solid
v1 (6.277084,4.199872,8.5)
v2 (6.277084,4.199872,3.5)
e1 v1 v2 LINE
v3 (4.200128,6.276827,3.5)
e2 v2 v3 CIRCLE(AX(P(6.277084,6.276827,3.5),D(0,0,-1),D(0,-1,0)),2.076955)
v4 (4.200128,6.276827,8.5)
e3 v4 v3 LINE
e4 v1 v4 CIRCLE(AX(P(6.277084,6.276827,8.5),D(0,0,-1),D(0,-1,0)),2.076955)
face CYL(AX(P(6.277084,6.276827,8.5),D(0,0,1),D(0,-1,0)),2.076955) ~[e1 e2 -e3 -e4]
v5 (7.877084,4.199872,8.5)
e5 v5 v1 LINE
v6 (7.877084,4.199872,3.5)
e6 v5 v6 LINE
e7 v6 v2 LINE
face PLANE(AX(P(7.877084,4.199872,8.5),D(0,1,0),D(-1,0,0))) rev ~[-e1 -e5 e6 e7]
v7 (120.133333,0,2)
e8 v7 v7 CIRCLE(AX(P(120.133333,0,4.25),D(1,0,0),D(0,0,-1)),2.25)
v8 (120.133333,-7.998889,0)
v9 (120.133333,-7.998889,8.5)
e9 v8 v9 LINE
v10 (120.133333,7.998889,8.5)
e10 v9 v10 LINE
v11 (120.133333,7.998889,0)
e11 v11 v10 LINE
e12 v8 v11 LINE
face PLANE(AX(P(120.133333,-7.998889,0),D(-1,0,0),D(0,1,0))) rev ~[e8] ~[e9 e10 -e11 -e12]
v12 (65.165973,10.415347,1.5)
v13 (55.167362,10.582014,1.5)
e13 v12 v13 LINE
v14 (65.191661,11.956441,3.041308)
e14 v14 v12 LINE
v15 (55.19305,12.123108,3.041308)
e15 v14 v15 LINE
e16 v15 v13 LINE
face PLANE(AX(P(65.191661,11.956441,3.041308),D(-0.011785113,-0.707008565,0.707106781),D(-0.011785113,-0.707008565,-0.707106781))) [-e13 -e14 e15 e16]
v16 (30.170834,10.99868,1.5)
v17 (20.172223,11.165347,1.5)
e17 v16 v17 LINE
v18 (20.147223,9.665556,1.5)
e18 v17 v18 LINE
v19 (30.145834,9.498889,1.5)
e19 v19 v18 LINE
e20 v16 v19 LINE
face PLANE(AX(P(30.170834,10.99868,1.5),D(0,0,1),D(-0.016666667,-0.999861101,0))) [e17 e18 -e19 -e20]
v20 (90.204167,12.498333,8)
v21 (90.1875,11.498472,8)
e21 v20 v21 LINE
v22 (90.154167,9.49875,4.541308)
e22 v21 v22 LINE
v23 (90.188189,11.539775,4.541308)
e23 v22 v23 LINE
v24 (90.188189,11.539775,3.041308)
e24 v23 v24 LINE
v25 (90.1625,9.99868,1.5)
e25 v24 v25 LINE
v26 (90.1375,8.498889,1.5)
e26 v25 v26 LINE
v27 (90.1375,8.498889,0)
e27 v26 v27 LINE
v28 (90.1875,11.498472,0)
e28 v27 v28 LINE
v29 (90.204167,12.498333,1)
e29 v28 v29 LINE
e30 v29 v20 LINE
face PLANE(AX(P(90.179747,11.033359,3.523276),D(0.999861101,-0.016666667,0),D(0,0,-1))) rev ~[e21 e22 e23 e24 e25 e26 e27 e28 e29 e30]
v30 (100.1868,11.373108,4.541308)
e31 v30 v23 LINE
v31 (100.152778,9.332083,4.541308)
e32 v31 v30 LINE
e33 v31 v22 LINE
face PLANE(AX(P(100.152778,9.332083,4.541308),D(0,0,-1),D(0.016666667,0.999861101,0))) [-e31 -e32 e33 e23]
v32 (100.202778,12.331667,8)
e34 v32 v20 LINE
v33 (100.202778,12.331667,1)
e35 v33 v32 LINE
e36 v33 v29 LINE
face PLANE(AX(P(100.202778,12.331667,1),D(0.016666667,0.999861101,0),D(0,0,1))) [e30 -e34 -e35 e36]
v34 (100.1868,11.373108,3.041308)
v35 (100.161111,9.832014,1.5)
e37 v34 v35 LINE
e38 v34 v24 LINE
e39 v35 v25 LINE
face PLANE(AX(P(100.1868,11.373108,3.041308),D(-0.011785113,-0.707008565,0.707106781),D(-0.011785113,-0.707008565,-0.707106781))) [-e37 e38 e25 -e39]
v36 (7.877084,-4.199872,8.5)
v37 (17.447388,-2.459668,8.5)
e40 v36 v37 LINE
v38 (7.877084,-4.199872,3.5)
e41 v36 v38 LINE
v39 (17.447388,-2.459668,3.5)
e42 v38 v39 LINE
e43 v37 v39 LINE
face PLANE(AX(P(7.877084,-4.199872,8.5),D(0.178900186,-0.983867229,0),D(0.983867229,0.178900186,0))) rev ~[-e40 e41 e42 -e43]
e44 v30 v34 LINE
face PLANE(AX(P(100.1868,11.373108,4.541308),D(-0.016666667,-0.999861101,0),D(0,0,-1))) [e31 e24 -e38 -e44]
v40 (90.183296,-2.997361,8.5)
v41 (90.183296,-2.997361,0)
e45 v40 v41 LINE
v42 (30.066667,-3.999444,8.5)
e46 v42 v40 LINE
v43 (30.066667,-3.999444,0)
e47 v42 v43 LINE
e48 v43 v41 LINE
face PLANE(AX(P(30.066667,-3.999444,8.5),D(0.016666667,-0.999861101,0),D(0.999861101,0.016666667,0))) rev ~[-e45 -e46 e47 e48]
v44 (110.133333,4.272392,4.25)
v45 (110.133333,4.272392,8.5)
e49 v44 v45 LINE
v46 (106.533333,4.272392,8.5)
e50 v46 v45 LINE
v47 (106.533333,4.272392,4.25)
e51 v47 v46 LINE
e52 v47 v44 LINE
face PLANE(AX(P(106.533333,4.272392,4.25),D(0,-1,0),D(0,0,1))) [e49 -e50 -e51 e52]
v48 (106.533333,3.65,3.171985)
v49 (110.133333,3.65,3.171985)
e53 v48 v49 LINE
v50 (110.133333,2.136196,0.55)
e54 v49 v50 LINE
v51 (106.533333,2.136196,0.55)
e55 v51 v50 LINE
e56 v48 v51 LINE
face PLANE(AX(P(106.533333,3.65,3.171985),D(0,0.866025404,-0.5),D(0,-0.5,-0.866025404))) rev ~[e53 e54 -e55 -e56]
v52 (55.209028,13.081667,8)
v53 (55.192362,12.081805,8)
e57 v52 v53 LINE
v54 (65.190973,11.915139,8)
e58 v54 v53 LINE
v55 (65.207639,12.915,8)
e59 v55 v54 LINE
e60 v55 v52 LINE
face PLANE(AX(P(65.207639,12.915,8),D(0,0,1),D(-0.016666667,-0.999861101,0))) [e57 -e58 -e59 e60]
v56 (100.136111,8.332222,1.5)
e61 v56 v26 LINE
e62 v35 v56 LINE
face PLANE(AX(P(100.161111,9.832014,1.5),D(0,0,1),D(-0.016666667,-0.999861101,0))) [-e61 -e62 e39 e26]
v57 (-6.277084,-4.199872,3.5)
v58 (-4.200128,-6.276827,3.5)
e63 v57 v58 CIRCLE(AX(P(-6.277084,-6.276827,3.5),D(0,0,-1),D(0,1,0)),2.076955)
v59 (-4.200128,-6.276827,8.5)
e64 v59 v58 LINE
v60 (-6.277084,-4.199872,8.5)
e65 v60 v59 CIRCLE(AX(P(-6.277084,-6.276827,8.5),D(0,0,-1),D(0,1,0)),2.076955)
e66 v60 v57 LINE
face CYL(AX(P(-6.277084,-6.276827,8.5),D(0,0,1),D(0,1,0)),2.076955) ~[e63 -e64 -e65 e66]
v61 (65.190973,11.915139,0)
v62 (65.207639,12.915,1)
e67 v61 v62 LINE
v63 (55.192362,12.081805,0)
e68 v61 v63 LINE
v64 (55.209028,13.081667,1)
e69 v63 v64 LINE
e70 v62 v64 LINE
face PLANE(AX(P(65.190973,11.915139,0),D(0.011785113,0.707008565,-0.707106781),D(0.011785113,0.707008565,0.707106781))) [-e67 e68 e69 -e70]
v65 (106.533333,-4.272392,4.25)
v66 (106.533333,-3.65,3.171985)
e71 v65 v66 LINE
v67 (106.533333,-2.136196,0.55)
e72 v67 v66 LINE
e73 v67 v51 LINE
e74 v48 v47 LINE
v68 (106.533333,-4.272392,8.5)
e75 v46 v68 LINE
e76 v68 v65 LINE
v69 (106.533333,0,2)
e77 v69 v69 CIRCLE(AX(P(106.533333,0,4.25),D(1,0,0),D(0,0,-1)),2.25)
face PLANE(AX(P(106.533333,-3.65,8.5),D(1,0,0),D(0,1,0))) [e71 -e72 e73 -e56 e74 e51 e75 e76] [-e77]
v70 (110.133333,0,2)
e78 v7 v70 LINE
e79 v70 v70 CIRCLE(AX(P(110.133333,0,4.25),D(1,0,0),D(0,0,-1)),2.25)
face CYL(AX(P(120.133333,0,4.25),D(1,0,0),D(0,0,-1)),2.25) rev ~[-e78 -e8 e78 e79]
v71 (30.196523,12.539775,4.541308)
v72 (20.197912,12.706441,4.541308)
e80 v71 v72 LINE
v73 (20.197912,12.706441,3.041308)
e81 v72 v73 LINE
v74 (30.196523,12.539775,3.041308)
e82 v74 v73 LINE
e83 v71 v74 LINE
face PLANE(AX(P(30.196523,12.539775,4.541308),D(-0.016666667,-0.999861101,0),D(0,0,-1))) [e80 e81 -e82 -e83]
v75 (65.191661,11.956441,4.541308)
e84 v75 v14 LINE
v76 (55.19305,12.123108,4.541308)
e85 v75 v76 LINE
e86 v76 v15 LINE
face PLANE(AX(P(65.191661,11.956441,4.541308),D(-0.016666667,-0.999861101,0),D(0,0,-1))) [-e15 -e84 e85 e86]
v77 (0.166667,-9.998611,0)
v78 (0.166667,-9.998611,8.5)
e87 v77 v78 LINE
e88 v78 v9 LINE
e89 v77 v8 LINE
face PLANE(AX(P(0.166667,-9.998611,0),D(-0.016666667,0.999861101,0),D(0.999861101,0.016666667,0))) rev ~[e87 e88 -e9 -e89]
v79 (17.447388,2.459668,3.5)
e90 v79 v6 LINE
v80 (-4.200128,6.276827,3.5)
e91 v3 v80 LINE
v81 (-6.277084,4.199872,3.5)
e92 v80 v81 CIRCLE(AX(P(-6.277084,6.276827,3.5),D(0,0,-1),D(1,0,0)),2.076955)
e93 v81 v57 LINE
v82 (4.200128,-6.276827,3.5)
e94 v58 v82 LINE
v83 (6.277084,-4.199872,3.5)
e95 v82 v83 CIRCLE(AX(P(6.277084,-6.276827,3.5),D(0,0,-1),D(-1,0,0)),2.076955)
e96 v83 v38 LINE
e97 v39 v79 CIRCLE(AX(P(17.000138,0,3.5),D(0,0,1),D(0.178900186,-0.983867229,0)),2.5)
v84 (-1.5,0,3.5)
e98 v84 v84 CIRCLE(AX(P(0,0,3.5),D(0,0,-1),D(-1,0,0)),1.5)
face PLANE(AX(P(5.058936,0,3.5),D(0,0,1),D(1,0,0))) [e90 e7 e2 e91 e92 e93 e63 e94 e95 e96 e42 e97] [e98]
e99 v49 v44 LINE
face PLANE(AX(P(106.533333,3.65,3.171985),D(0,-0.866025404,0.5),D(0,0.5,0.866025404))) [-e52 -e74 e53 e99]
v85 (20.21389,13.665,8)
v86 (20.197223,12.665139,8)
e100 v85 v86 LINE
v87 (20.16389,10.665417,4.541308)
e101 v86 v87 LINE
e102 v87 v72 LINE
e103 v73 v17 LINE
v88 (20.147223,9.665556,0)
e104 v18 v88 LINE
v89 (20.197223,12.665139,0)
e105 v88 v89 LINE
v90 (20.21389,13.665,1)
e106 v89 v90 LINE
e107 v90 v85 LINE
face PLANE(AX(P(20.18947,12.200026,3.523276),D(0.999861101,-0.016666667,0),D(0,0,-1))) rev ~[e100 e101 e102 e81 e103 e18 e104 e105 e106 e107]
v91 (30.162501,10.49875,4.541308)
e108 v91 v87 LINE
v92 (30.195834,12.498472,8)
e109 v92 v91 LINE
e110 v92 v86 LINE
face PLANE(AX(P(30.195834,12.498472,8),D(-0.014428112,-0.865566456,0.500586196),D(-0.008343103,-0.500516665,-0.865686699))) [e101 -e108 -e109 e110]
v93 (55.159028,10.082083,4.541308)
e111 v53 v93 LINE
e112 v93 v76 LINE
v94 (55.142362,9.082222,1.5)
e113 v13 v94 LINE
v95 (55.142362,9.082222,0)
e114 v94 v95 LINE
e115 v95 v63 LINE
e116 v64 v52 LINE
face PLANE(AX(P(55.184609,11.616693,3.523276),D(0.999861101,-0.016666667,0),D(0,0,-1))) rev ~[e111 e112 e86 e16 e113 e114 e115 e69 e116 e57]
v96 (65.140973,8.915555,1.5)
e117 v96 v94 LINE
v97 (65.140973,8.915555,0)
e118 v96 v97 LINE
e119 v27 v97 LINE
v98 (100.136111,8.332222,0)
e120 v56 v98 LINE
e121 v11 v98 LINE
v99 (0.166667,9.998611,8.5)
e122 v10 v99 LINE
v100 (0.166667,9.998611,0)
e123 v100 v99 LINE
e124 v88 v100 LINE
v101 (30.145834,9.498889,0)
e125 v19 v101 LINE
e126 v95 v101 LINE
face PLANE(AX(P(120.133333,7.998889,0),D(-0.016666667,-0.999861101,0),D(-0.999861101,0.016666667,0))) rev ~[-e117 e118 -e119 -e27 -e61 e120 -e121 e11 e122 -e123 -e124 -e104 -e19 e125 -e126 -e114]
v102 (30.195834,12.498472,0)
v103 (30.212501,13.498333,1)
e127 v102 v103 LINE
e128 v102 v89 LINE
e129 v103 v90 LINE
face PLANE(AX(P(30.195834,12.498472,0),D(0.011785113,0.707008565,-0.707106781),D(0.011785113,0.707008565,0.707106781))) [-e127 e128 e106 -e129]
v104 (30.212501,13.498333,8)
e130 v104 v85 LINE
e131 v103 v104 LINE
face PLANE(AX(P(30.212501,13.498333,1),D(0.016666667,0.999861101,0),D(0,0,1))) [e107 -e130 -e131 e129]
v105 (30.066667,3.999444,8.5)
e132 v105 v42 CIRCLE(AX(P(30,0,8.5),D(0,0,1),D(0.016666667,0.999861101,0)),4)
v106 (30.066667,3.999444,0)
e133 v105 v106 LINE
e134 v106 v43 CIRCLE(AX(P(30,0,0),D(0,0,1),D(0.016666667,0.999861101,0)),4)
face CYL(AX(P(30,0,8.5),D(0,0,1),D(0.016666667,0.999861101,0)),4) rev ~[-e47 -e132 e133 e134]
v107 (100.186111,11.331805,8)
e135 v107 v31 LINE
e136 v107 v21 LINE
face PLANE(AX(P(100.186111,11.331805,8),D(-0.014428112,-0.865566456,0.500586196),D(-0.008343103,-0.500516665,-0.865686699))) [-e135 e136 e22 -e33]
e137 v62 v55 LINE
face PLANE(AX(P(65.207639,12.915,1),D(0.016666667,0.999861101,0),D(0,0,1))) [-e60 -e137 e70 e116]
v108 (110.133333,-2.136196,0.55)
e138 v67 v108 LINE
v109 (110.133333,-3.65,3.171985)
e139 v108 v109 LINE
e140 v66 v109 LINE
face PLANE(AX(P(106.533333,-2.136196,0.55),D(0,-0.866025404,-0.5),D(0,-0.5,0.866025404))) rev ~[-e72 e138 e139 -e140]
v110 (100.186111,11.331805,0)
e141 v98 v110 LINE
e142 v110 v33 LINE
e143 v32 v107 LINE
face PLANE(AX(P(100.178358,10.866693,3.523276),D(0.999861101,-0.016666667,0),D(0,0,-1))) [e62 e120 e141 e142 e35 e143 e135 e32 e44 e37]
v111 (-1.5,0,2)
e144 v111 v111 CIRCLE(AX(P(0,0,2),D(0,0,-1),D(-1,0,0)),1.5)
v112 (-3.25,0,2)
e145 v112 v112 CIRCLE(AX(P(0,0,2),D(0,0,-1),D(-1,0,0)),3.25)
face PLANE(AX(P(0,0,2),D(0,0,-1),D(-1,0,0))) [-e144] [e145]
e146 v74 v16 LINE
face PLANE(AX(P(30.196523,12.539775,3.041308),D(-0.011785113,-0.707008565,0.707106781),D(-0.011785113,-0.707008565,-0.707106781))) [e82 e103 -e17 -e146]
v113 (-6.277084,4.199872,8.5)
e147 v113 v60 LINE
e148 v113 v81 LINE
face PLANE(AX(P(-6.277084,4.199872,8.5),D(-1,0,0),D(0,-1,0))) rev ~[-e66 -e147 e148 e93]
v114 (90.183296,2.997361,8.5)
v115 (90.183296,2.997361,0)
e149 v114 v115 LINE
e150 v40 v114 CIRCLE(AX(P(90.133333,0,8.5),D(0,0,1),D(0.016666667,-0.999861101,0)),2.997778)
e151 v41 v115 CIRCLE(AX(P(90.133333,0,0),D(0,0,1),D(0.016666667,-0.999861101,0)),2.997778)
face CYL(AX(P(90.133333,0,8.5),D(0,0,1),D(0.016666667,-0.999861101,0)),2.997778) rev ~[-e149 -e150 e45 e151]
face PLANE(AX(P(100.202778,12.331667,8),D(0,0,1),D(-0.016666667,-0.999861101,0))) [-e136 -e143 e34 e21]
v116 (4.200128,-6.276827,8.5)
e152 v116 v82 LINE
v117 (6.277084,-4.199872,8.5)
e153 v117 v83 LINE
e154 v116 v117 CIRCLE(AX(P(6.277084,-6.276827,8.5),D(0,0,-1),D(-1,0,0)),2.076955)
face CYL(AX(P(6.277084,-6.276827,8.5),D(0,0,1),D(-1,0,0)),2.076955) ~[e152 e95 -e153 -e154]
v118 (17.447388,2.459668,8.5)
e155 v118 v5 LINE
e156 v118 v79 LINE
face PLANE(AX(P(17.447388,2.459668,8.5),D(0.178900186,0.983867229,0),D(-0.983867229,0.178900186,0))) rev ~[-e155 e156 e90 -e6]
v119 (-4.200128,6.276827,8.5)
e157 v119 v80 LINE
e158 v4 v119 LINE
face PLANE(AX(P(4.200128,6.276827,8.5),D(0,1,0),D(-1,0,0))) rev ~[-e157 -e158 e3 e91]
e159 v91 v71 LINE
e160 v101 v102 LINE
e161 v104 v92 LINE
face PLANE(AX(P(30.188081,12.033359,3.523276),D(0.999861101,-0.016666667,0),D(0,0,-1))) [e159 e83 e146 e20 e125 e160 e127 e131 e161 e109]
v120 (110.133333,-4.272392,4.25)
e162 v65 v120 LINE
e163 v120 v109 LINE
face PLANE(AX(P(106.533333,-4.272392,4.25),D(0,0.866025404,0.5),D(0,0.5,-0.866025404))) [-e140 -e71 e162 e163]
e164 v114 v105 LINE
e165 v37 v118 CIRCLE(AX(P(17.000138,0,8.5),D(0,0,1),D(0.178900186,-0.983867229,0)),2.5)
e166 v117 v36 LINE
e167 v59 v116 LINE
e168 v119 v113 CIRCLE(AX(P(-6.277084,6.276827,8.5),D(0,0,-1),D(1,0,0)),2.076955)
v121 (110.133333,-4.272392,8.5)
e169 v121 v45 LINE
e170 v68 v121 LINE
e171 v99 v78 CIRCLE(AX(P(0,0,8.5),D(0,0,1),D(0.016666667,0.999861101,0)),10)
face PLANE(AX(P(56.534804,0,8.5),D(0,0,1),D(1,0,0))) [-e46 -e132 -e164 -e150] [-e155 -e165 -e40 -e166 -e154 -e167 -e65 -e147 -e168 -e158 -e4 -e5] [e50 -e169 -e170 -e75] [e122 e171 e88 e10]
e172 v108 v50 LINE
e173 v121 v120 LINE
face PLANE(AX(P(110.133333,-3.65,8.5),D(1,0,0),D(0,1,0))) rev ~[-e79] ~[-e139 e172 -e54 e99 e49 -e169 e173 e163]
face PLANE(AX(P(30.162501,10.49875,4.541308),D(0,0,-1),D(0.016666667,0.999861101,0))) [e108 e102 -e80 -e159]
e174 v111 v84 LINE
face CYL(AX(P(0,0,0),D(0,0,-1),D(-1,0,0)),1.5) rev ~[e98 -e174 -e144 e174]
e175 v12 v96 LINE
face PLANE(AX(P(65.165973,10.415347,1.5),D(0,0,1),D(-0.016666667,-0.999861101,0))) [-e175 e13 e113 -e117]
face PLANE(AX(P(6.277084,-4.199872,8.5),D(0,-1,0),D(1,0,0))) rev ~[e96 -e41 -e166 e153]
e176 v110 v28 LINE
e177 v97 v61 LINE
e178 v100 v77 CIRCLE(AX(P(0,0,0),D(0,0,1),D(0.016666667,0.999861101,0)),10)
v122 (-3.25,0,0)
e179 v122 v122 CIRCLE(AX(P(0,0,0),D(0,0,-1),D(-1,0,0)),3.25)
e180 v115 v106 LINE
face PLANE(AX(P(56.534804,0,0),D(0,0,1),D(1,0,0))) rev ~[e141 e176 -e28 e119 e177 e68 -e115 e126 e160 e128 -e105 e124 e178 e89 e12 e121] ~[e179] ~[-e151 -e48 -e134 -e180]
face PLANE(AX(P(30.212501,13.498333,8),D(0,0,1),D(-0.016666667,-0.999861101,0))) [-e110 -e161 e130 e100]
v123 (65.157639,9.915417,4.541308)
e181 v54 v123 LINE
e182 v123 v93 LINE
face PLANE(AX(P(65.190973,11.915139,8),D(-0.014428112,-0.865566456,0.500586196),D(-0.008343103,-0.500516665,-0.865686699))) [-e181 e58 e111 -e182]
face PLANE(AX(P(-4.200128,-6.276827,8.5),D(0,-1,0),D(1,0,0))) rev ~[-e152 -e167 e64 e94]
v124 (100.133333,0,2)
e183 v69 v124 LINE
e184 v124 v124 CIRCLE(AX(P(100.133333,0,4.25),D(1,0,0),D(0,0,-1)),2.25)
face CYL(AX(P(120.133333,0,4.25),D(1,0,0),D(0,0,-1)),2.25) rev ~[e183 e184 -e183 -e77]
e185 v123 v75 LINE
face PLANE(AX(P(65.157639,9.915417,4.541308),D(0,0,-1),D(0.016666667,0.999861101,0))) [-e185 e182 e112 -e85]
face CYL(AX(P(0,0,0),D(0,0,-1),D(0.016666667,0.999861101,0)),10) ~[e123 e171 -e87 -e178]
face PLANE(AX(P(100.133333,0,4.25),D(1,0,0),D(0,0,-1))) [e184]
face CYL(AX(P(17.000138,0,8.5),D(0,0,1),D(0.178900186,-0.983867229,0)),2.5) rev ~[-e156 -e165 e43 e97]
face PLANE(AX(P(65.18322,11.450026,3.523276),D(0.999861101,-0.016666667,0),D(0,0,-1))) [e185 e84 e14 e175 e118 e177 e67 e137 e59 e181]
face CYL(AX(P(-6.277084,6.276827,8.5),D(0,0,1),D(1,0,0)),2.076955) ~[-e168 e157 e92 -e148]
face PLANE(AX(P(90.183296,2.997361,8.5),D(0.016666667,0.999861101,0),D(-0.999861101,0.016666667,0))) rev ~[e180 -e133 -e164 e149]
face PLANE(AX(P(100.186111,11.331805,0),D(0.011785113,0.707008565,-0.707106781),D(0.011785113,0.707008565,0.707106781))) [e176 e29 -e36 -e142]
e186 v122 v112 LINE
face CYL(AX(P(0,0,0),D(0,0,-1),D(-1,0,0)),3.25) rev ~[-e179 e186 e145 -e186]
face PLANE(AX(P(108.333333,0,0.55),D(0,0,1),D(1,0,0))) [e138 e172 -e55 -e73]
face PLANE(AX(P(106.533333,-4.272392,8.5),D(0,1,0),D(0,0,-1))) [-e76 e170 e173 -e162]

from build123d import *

# Parameters (mm, degrees)
AUFSATZ_LINEAR_AUSTRAGEN1_DEPTH = 8.5
CUT_EXTRUDE4_DEPTH              = 5
SKETCH2_R                       = 1.5
CUT_EXTRUDE5_DEPTH              = 9.5
CUT_EXTRUDE6_DEPTH              = 9.5
SKETCH3_W                       = 3.6
SKETCH3_H                       = 7.3
CUT_EXTRUDE9_DEPTH              = 7.95
SKETCH4_R                       = 2.25
CUT_EXTRUDE10_DEPTH             = 20
BOSS_EXTRUDE1_START             = -20
BOSS_EXTRUDE1_DEPTH             = 10
AUFSATZ_LINEAR_AUSTRAGEN2_DEPTH = 3.6
SCHNITT_LINEAR_AUSTRAGEN1_DEPTH = 3.6
LPATTERN1_COUNT                 = 3
LPATTERN1_PITCH                 = 35
SKIZZE4_R                       = 3.25
SCHNITT_LINEAR_AUSTRAGEN2_DEPTH = 2


with BuildPart() as part:
    # Skizze1 → Aufsatz-Linear austragen1 (new body)
    with BuildSketch(Plane.XY):
        with BuildLine():
            Line((120.133333333, 7.998888812), (0.166666667, 9.998611015))
            ThreePointArc((0.166666667, 9.998611015), (-10, 0), (0.166666667, -9.998611015))
            Line((0.166666667, -9.998611015), (120.133333333, -7.998888812))
            Line((120.133333333, -7.998888812), (120.133333333, 7.998888812))
        make_face()
    extrude(amount=AUFSATZ_LINEAR_AUSTRAGEN1_DEPTH)

    # Sketch1 → Cut-Extrude4 (cut)
    with BuildSketch(Plane.XY.offset(8.5)):
        with BuildLine():
            Line((-4.200128323, -6.276826928), (4.200128323, -6.276826928))
            ThreePointArc((4.200128323, -6.276826928), (4.808454435, -4.808197778), (6.277083585, -4.199871666))
            Line((6.277083585, -4.199871666), (7.877083585, -4.199871666))
            Line((7.877083585, -4.199871666), (17.44738825, -2.459668071))
            ThreePointArc((17.44738825, -2.459668071), (19.500137785, 0), (17.44738825, 2.459668071))
            Line((17.44738825, 2.459668071), (7.877083585, 4.199871666))
            Line((7.877083585, 4.199871666), (6.277083585, 4.199871666))
            ThreePointArc((6.277083585, 4.199871666), (4.808454435, 4.808197778), (4.200128323, 6.276826928))
            Line((4.200128323, 6.276826928), (-4.200128323, 6.276826928))
            ThreePointArc((-4.200128323, 6.276826928), (-4.808454435, 4.808197778), (-6.277083585, 4.199871666))
            Line((-6.277083585, 4.199871666), (-6.277083585, -4.199871666))
            ThreePointArc((-6.277083585, -4.199871666), (-4.808454435, -4.808197778), (-4.200128323, -6.276826928))
        make_face()
    extrude(amount=-CUT_EXTRUDE4_DEPTH, mode=Mode.SUBTRACT)

    # Sketch2 → Cut-Extrude5 (cut, through all)
    with BuildSketch(Plane(origin=(0, 0, 0), x_dir=(-1, 0, 0), z_dir=(0, 0, -1))):
        Circle(SKETCH2_R)
    extrude(amount=-CUT_EXTRUDE5_DEPTH, mode=Mode.SUBTRACT)

    # Skizze2 → Cut-Extrude6 (cut, through all)
    with BuildSketch(Plane.XY.offset(8.5)):
        with BuildLine():
            Line((90.183296296, 2.997361391), (30.066666667, 3.999444406))
            ThreePointArc((30.066666667, 3.999444406), (26, 0), (30.066666667, -3.999444406))
            Line((30.066666667, -3.999444406), (90.183296296, -2.997361391))
            ThreePointArc((90.183296296, -2.997361391), (93.131111111, 0), (90.183296296, 2.997361391))
        make_face()
    extrude(amount=-CUT_EXTRUDE6_DEPTH, mode=Mode.SUBTRACT)

    # Sketch3 → Cut-Extrude9 (cut)
    with BuildSketch(Plane.XY.offset(8.5)):
        with Locations((108.333333333, 0)):
            Rectangle(SKETCH3_W, SKETCH3_H)
    extrude(amount=-CUT_EXTRUDE9_DEPTH, mode=Mode.SUBTRACT)

    # Sketch4 → Cut-Extrude10 (cut)
    with BuildSketch(Plane(origin=(120.133333333, 0, 0), x_dir=(0, 0, -1), z_dir=(1, 0, 0))):
        with Locations((-4.25, 0)):
            Circle(SKETCH4_R)
    extrude(amount=-CUT_EXTRUDE10_DEPTH, mode=Mode.SUBTRACT)

    # Sketch5 → Boss-Extrude1 (add)
    with BuildSketch(Plane(origin=(119.966666667, -1.999722203, 0), x_dir=(0, 0, -1), z_dir=(0.999861101, -0.016666667, 0)).offset(BOSS_EXTRUDE1_START)):
        Polygon((0, 10), (0, 13), (-1, 14), (-8, 14), (-8, 13), (-4.541308146, 11), (-4.541308146, 13.041308146), (-3.041308146, 13.041308146), (-1.5, 11.5), (-1.5, 10), align=None)
    boss_extrude1 = extrude(amount=-BOSS_EXTRUDE1_DEPTH)

    # Skizze3 → Aufsatz-Linear austragen2 (add)
    with BuildSketch(Plane(origin=(106.533333333, 0, 0), x_dir=(0, 0, -1), z_dir=(1, 0, 0))):
        Polygon((-0.55, 3.65), (-3.171985448, 3.65), (-0.55, 2.136195996), align=None)
        Polygon((-0.55, -3.65), (-0.55, -2.136195996), (-3.171985448, -3.65), align=None)
    extrude(amount=AUFSATZ_LINEAR_AUSTRAGEN2_DEPTH)

    # Skizze3_3 → Schnitt-Linear austragen1 (cut)
    with BuildSketch(Plane(origin=(106.533333333, 0, 0), x_dir=(0, 0, -1), z_dir=(1, 0, 0))):
        Polygon((-5.328014552, 3.65), (-4.25, 4.272391992), (-8.5, 4.272391992), (-8.5, 3.65), align=None)
        Polygon((-3.171985448, 3.65), (-4.25, 4.272391992), (-5.328014552, 3.65), align=None)
        Polygon((-3.171985448, -3.65), (-5.328014552, -3.65), (-4.25, -4.272391992), align=None)
        Polygon((-5.328014552, -3.65), (-8.5, -3.65), (-8.5, -4.272391992), (-4.25, -4.272391992), align=None)
    extrude(amount=SCHNITT_LINEAR_AUSTRAGEN1_DEPTH, mode=Mode.SUBTRACT)

    # LPattern1: Boss-Extrude1 ×3
    with Locations(*[Vector(-0.999861101, 0.016666667, 0) * (i * LPATTERN1_PITCH) for i in range(1, LPATTERN1_COUNT)]):
        add(boss_extrude1)

    # Skizze4 → Schnitt-Linear austragen2 (cut)
    with BuildSketch(Plane(origin=(0, 0, 0), x_dir=(-1, 0, 0), z_dir=(0, 0, -1))):
        Circle(SKIZZE4_R)
    extrude(amount=-SCHNITT_LINEAR_AUSTRAGEN2_DEPTH, mode=Mode.SUBTRACT)


solid = part.part
